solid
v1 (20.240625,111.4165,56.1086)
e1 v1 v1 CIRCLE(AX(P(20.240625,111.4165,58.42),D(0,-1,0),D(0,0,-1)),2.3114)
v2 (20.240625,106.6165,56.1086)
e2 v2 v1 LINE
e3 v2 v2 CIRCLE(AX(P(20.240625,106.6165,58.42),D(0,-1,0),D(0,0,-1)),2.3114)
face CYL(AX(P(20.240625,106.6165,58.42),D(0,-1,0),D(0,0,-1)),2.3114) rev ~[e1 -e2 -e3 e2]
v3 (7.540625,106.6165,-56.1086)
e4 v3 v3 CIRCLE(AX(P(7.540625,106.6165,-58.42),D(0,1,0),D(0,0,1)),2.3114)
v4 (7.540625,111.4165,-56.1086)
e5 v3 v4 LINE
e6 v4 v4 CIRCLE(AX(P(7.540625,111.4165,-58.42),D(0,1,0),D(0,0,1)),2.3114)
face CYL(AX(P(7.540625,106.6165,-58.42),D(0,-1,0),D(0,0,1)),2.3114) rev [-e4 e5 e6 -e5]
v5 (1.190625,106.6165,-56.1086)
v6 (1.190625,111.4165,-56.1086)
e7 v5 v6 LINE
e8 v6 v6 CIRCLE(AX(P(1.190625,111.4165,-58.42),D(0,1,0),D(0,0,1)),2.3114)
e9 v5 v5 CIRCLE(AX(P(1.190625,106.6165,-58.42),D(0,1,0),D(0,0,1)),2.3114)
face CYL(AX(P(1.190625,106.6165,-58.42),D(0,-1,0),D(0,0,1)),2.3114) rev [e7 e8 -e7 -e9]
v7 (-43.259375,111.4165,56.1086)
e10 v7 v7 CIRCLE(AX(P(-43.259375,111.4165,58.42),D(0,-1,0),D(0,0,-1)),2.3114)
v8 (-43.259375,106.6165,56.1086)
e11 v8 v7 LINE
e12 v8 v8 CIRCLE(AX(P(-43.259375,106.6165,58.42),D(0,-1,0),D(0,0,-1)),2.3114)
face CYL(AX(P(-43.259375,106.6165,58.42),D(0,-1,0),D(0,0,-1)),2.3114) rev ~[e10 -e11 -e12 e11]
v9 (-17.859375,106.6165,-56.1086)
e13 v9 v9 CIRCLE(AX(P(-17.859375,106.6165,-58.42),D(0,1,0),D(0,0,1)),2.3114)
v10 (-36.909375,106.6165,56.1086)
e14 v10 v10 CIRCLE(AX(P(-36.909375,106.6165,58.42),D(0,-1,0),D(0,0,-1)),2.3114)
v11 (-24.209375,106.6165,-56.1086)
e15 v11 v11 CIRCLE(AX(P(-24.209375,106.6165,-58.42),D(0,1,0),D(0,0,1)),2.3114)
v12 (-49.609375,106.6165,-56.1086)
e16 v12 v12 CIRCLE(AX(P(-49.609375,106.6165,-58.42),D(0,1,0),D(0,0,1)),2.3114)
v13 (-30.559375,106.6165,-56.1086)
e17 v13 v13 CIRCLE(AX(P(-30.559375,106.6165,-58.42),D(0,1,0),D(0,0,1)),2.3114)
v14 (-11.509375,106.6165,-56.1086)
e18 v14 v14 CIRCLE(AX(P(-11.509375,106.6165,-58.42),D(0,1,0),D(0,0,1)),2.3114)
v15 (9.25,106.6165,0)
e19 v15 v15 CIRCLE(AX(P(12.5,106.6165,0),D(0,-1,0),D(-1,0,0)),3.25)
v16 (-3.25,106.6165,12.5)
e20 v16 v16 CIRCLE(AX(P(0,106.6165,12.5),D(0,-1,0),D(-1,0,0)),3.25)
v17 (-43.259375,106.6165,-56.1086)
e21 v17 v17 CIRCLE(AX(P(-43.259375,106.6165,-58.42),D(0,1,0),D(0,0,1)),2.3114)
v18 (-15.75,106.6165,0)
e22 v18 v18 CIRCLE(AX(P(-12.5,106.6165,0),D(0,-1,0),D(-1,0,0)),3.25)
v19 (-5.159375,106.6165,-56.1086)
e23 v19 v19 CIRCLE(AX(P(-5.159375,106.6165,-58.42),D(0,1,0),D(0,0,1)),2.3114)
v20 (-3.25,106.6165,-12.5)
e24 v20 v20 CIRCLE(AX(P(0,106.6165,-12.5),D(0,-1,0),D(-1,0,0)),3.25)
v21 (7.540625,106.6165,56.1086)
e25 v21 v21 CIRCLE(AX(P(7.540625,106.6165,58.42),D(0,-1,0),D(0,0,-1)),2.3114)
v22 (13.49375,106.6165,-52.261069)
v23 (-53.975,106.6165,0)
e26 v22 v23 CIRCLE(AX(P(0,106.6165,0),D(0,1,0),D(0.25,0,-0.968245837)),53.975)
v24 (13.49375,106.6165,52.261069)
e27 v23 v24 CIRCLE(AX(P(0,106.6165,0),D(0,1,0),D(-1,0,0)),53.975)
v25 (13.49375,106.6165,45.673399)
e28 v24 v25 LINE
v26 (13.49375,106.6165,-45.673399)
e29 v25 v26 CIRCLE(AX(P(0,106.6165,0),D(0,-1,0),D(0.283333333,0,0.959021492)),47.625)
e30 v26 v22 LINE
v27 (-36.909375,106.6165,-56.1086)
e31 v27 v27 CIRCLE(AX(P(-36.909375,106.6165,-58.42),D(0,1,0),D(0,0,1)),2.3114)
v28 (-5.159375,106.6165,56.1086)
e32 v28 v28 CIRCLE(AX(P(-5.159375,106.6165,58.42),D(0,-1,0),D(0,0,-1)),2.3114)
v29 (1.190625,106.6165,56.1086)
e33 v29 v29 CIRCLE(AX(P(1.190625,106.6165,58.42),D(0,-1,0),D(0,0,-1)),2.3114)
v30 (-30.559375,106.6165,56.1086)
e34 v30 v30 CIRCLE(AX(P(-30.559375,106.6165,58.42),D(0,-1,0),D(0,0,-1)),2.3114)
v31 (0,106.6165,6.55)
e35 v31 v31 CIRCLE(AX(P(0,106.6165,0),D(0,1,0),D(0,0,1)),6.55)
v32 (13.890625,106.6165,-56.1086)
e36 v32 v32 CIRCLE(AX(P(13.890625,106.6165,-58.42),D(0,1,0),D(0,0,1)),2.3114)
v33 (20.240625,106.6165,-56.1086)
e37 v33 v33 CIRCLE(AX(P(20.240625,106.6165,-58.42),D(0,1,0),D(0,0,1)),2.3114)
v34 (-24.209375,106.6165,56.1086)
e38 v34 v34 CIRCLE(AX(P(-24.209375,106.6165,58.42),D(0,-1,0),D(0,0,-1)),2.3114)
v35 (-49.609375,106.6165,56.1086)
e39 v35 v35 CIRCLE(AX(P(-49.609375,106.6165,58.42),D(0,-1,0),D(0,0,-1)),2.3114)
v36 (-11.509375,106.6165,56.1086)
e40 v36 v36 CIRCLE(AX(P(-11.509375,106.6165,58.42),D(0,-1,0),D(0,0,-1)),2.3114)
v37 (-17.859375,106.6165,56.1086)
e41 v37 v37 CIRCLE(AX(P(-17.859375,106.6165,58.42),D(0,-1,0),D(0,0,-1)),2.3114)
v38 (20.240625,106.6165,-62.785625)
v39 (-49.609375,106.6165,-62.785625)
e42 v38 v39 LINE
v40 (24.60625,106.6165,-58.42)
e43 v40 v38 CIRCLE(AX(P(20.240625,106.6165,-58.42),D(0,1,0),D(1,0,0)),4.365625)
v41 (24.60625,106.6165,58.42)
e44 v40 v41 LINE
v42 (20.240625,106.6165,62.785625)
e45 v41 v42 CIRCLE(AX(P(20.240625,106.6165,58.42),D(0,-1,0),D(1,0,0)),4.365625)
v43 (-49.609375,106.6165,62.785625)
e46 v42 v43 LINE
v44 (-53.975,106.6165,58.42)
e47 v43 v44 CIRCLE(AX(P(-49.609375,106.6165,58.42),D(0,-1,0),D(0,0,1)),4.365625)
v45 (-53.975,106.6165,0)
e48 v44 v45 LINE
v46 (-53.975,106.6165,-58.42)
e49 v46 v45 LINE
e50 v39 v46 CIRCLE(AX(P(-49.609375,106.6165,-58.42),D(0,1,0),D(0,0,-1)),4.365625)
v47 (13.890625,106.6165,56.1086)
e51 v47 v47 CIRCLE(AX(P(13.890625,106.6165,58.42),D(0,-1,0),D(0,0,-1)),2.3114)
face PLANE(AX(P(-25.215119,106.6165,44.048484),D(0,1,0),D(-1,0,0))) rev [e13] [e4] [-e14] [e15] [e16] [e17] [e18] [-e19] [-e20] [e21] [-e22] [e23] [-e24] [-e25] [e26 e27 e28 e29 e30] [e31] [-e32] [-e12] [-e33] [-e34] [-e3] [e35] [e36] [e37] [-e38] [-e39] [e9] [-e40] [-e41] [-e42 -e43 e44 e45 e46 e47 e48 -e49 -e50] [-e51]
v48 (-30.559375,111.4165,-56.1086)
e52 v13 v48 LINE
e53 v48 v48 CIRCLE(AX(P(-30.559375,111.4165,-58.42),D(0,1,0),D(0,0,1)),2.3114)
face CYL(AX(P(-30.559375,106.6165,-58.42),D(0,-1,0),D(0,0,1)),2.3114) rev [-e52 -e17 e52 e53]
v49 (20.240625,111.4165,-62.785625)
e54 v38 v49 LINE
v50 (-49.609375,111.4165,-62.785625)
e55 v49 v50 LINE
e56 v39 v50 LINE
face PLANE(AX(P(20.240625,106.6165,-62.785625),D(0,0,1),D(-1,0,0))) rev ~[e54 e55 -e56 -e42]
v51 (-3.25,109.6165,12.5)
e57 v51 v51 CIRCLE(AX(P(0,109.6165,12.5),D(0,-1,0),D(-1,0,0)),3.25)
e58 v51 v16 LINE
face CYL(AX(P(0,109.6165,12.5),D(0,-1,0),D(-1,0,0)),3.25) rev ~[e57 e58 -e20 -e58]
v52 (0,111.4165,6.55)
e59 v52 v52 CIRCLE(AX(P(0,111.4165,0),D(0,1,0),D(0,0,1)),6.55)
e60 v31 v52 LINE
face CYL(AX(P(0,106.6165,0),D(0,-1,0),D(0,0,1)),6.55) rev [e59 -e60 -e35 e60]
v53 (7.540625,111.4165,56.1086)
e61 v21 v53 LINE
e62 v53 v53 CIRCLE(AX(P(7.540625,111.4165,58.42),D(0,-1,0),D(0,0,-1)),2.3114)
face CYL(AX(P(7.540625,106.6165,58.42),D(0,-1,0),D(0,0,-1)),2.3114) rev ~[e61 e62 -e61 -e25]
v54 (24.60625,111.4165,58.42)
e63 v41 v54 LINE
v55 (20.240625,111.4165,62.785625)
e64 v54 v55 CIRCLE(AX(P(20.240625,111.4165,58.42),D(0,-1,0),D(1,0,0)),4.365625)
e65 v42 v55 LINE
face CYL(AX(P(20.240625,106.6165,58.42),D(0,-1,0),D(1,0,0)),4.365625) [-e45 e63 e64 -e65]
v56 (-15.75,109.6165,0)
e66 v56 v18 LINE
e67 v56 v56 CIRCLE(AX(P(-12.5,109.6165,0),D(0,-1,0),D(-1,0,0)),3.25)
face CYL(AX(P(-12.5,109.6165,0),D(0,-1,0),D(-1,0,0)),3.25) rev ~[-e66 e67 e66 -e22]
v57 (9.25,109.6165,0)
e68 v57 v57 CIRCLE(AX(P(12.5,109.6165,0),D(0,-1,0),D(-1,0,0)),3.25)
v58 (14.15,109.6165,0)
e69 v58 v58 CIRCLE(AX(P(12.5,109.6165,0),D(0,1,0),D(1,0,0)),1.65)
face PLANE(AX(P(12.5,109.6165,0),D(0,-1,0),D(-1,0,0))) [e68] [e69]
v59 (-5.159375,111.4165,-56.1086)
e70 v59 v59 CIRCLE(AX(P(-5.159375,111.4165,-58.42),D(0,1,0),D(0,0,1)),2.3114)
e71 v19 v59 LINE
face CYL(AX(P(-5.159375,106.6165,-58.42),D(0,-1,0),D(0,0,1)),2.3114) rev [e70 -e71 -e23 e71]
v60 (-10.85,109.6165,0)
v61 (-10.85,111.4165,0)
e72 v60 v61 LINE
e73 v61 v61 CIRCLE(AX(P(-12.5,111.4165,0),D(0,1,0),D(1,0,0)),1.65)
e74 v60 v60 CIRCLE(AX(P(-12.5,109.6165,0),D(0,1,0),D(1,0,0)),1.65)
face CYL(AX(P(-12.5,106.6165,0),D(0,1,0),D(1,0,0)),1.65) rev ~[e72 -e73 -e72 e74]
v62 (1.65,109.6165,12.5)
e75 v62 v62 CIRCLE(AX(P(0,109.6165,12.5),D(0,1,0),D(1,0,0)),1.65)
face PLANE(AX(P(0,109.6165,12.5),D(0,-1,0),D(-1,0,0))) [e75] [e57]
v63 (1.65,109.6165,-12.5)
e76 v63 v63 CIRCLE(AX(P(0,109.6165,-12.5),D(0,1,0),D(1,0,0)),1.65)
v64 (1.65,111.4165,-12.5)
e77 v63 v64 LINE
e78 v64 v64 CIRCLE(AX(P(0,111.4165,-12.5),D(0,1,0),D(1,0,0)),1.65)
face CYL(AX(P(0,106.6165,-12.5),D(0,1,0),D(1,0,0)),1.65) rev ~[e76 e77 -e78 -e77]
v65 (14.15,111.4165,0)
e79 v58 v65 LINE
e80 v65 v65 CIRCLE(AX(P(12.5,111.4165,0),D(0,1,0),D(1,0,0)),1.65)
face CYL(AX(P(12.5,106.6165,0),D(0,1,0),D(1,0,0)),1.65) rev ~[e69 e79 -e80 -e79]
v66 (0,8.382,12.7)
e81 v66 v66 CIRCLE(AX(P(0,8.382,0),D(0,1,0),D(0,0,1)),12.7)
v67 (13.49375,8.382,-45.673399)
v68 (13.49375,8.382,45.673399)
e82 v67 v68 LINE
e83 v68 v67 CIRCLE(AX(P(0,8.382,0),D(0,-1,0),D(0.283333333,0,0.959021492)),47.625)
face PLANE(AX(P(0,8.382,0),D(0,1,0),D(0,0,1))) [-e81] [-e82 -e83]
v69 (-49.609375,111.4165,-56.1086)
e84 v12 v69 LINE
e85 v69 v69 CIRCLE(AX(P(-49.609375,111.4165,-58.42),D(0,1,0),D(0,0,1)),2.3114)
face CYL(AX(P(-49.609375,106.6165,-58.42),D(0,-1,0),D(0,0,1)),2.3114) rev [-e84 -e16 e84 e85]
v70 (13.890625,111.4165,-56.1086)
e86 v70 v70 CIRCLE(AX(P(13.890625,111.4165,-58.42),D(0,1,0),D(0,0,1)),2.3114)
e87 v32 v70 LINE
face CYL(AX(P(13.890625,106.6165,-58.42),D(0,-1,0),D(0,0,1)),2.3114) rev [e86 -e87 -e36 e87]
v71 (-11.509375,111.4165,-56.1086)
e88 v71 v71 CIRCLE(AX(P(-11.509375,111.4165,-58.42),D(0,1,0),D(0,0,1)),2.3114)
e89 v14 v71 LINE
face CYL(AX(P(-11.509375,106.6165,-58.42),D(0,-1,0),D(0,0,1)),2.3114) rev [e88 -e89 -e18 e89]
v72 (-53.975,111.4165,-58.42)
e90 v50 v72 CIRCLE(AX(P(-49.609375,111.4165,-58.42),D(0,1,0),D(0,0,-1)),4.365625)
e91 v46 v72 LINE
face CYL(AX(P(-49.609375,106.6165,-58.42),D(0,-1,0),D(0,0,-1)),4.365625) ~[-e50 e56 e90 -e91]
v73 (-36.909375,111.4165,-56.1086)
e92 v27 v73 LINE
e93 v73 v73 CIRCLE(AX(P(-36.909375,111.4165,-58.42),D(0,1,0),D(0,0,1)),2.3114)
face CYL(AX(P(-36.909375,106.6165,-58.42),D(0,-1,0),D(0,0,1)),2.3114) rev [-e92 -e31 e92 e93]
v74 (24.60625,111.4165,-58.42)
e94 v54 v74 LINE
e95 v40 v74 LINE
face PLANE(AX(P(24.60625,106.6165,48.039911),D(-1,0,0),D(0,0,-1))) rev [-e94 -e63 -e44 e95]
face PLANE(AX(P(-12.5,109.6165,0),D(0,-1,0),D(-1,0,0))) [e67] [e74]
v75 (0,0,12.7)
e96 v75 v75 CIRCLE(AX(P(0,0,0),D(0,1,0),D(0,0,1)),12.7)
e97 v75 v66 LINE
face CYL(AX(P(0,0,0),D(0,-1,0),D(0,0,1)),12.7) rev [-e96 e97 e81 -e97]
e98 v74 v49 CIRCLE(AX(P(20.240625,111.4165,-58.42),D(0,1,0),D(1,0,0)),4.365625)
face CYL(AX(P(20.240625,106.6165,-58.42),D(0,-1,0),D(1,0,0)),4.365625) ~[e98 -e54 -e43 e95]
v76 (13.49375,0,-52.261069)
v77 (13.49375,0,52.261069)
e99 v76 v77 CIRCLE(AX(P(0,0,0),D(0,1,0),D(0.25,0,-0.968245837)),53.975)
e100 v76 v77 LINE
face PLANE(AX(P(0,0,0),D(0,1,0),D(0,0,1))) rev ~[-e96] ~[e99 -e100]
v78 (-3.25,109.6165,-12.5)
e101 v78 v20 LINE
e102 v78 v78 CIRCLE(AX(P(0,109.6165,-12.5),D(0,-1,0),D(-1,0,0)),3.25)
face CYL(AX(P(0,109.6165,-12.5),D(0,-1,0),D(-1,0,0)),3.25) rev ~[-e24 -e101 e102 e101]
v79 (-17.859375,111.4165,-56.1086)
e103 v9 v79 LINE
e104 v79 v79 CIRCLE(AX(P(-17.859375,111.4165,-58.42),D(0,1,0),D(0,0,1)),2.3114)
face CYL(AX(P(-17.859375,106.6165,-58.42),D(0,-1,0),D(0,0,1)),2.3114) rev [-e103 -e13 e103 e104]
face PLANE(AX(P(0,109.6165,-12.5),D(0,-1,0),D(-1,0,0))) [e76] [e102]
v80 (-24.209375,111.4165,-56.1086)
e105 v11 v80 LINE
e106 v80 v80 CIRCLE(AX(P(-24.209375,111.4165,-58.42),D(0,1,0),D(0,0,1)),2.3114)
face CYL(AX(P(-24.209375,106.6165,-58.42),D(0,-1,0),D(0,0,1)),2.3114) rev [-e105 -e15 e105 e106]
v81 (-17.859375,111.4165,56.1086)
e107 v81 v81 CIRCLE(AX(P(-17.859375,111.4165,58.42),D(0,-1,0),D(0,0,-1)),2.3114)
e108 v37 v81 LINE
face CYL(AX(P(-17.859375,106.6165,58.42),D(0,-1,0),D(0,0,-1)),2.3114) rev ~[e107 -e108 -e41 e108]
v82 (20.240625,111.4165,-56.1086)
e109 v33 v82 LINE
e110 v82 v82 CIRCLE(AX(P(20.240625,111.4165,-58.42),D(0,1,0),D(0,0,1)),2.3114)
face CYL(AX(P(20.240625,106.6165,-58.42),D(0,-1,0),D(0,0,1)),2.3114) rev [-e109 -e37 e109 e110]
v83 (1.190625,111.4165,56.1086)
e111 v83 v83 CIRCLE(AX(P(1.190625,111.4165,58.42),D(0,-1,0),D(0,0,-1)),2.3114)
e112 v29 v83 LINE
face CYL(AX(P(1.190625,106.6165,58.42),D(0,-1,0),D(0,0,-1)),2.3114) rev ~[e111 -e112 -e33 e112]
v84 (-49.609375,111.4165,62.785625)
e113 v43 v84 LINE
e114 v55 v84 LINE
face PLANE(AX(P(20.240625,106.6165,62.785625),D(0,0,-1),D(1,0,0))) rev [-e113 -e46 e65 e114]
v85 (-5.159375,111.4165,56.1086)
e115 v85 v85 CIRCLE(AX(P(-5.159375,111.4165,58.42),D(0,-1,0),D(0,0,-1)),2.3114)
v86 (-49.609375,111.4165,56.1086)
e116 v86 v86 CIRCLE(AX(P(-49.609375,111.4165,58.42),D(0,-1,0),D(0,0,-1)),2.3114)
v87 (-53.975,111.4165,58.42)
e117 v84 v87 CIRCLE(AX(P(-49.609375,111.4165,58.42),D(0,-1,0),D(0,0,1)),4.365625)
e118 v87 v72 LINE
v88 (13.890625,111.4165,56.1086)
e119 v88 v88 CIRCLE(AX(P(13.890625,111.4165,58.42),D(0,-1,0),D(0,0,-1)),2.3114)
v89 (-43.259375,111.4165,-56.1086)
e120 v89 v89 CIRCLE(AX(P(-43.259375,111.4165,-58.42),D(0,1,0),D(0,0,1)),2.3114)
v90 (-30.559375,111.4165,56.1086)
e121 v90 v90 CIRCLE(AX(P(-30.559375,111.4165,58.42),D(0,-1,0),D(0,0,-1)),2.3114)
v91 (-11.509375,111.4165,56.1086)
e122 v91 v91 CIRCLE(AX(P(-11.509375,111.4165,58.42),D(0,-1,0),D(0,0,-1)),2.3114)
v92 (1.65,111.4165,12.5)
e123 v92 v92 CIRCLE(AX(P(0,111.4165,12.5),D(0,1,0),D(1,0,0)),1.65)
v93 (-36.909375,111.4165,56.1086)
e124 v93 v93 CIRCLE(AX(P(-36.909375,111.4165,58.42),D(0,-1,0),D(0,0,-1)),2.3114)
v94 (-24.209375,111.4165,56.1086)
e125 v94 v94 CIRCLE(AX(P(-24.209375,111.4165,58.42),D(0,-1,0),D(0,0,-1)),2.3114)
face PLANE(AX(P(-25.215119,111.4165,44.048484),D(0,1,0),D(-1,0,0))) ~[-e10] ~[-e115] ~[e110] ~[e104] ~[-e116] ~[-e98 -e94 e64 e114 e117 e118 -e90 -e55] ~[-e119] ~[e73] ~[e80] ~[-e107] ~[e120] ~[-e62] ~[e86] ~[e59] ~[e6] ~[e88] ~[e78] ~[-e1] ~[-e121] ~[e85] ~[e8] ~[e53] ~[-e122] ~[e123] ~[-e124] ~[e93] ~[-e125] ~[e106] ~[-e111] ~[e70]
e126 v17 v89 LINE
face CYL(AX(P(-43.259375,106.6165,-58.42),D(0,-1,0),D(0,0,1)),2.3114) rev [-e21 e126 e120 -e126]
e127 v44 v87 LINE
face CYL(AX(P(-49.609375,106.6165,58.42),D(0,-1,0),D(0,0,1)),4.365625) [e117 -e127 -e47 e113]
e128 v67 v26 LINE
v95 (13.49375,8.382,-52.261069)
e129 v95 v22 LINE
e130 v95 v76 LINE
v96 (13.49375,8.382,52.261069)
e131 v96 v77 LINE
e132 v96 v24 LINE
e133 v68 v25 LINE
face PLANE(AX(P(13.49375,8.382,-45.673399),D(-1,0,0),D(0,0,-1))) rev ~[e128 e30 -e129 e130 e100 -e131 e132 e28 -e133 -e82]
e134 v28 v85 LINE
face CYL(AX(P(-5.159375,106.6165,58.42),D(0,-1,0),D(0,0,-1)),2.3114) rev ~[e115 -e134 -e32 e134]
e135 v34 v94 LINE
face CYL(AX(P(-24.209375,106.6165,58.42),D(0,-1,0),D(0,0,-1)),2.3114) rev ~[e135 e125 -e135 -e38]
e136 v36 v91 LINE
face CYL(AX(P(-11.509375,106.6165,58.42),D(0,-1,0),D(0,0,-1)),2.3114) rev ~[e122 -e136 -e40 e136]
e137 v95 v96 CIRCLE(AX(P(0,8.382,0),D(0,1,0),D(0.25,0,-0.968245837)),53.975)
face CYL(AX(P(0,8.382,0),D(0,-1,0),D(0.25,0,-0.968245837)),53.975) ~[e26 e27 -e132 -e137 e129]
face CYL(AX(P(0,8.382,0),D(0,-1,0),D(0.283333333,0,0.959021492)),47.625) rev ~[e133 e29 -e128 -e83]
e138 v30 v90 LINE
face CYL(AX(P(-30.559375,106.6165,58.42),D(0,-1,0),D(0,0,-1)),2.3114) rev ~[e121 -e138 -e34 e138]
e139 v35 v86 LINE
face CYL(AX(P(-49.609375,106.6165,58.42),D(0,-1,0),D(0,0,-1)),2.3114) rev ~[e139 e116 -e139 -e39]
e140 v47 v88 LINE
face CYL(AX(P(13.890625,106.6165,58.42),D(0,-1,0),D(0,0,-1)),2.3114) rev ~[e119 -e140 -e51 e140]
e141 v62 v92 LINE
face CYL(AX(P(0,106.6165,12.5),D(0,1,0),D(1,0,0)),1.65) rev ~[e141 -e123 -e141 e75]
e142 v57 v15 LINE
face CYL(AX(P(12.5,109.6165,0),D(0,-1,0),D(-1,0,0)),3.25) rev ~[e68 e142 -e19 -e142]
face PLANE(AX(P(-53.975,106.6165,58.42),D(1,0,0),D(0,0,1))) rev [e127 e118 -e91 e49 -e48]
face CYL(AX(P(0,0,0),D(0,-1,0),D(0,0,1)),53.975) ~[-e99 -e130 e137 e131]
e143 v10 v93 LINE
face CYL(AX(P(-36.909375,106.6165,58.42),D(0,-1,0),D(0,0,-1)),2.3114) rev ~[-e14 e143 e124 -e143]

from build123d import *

# Parameters (mm, degrees)
SKETCH1_R                      = 53.975
SKETCH1_R_2                    = 12.7
BOSS_EXTRUDE1_DEPTH            = 8.382
BOSS_EXTRUDE2_DEPTH            = 98.2345
SKETCH6_R                      = 53.975
SKETCH6_R_2                    = 6.55
BOSS_EXTRUDE6_DEPTH            = 4.8
CBORE_FOR_M3_SHCS1_D           = 3.3
CBORE_FOR_M3_SHCS1_DEPTH       = 4.8
CBORE_FOR_M3_SHCS1_CBORE_D     = 6.5
CBORE_FOR_M3_SHCS1_CBORE_DEPTH = 3
CUT_EXTRUDE2_DEPTH             = 129.229128673
BOSS_EXTRUDE7_START            = -4.8
SKETCH10_R                     = 2.3114
BOSS_EXTRUDE7_DEPTH            = 4.8
SKETCH11_W                     = 29.36875
SKETCH11_H                     = 96.079822772
CUT_EXTRUDE3_DEPTH             = 139.812722053


with BuildPart() as part:
    # Sketch1 → Boss-Extrude1 (new body)
    with BuildSketch(Plane(origin=(0, 0, 0), x_dir=(1, 0, 0), z_dir=(0, 1, 0))):
        with Locations(Location((0, 0, 0), (0, 0, 270))):
            Circle(SKETCH1_R)
        with Locations(Location((0, 0, 0), (0, 0, 270))):
            Circle(SKETCH1_R_2, mode=Mode.SUBTRACT)
    extrude(amount=BOSS_EXTRUDE1_DEPTH)

    # Sketch3 → Boss-Extrude2 (add)
    with BuildSketch(Plane(origin=(0, 8.382, 0), x_dir=(1, 0, 0), z_dir=(0, 1, 0))):
        with BuildLine():
            Line((13.49375, 45.673398559), (13.49375, 52.261069028))
            ThreePointArc((13.49375, 52.261069028), (-53.975, 0), (13.49375, -52.261069028))
            Line((13.49375, -52.261069028), (13.49375, -45.673398559))
            ThreePointArc((13.49375, -45.673398559), (-47.625, 0), (13.49375, 45.673398559))
        make_face()
    extrude(amount=BOSS_EXTRUDE2_DEPTH)

    # Sketch6 → Boss-Extrude6 (add)
    with BuildSketch(Plane(origin=(0, 106.6165, 0), x_dir=(1, 0, 0), z_dir=(0, 1, 0))):
        with Locations(Location((0, 0, 0), (0, 0, 270))):
            Circle(SKETCH6_R)
        with Locations(Location((0, 0, 0), (0, 0, 270))):
            Circle(SKETCH6_R_2, mode=Mode.SUBTRACT)
    extrude(amount=BOSS_EXTRUDE6_DEPTH)

    # CBORE for M3 SHCS1
    with Locations(Plane(origin=(0, 106.6165, 0), x_dir=(-1, 0, 0), z_dir=(0, -1, 0))):
        with Locations((-12.5, 0), (0, -12.5), (0, 12.5), (12.5, 0)):
            CounterBoreHole(CBORE_FOR_M3_SHCS1_D / 2, CBORE_FOR_M3_SHCS1_CBORE_D / 2, CBORE_FOR_M3_SHCS1_CBORE_DEPTH, depth=CBORE_FOR_M3_SHCS1_DEPTH)

    # Sketch3<3> → Cut-Extrude2 (cut, through all)
    with BuildSketch(Plane(origin=(0, 8.382, 0), x_dir=(1, 0, 0), z_dir=(0, 1, 0))):
        with BuildLine():
            ThreePointArc((13.49375, -52.261069028), (53.975, 0), (13.49375, 52.261069028))
            Line((13.49375, 52.261069028), (13.49375, 45.673398559))
            Line((13.49375, 45.673398559), (13.49375, -45.673398559))
            Line((13.49375, -45.673398559), (13.49375, -52.261069028))
        make_face()
    extrude(amount=-CUT_EXTRUDE2_DEPTH, mode=Mode.SUBTRACT)

    # Sketch10 → Boss-Extrude7 (add)
    with BuildSketch(Plane(origin=(0, 111.4165, 0), x_dir=(1, 0, 0), z_dir=(0, 1, 0)).offset(BOSS_EXTRUDE7_START)):
        with BuildLine():
            Line((-53.975, 58.42), (-53.975, 0))
            ThreePointArc((-53.975, 0), (-28.152959713, 46.051183311), (24.60625, 48.039911386))
            Line((24.60625, 48.039911386), (24.60625, 58.42))
            ThreePointArc((24.60625, 58.42), (23.327588042, 61.506963042), (20.240625, 62.785625))
            Line((20.240625, 62.785625), (-49.609375, 62.785625))
            ThreePointArc((-49.609375, 62.785625), (-52.696338042, 61.506963042), (-53.975, 58.42))
        make_face()
        with Locations(Location((-49.609375, 58.42, 0), (0, 0, 270))):
            Circle(SKETCH10_R, mode=Mode.SUBTRACT)
        with Locations(Location((-43.259375, 58.42, 0), (0, 0, 270))):
            Circle(SKETCH10_R, mode=Mode.SUBTRACT)
        with Locations(Location((-36.909375, 58.42, 0), (0, 0, 270))):
            Circle(SKETCH10_R, mode=Mode.SUBTRACT)
        with Locations(Location((-30.559375, 58.42, 0), (0, 0, 270))):
            Circle(SKETCH10_R, mode=Mode.SUBTRACT)
        with Locations(Location((-24.209375, 58.42, 0), (0, 0, 270))):
            Circle(SKETCH10_R, mode=Mode.SUBTRACT)
        with Locations(Location((-17.859375, 58.42, 0), (0, 0, 270))):
            Circle(SKETCH10_R, mode=Mode.SUBTRACT)
        with Locations(Location((-11.509375, 58.42, 0), (0, 0, 270))):
            Circle(SKETCH10_R, mode=Mode.SUBTRACT)
        with Locations(Location((-5.159375, 58.42, 0), (0, 0, 270))):
            Circle(SKETCH10_R, mode=Mode.SUBTRACT)
        with Locations(Location((1.190625, 58.42, 0), (0, 0, 270))):
            Circle(SKETCH10_R, mode=Mode.SUBTRACT)
        with Locations(Location((7.540625, 58.42, 0), (0, 0, 270))):
            Circle(SKETCH10_R, mode=Mode.SUBTRACT)
        with Locations(Location((13.890625, 58.42, 0), (0, 0, 270))):
            Circle(SKETCH10_R, mode=Mode.SUBTRACT)
        with Locations(Location((20.240625, 58.42, 0), (0, 0, 270))):
            Circle(SKETCH10_R, mode=Mode.SUBTRACT)
    boss_extrude7 = extrude(amount=BOSS_EXTRUDE7_DEPTH)

    # Mirror1: Boss-Extrude7 across plane
    add(boss_extrude7.mirror(Plane.XY))

    # Sketch11 → Cut-Extrude3 (cut, through all)
    with BuildSketch(Plane(origin=(0, 111.4165, 0), x_dir=(1, 0, 0), z_dir=(0, 1, 0))):
        with Locations((39.290625, 0)):
            Rectangle(SKETCH11_W, SKETCH11_H)
    extrude(amount=-CUT_EXTRUDE3_DEPTH, mode=Mode.SUBTRACT)


solid = part.part
